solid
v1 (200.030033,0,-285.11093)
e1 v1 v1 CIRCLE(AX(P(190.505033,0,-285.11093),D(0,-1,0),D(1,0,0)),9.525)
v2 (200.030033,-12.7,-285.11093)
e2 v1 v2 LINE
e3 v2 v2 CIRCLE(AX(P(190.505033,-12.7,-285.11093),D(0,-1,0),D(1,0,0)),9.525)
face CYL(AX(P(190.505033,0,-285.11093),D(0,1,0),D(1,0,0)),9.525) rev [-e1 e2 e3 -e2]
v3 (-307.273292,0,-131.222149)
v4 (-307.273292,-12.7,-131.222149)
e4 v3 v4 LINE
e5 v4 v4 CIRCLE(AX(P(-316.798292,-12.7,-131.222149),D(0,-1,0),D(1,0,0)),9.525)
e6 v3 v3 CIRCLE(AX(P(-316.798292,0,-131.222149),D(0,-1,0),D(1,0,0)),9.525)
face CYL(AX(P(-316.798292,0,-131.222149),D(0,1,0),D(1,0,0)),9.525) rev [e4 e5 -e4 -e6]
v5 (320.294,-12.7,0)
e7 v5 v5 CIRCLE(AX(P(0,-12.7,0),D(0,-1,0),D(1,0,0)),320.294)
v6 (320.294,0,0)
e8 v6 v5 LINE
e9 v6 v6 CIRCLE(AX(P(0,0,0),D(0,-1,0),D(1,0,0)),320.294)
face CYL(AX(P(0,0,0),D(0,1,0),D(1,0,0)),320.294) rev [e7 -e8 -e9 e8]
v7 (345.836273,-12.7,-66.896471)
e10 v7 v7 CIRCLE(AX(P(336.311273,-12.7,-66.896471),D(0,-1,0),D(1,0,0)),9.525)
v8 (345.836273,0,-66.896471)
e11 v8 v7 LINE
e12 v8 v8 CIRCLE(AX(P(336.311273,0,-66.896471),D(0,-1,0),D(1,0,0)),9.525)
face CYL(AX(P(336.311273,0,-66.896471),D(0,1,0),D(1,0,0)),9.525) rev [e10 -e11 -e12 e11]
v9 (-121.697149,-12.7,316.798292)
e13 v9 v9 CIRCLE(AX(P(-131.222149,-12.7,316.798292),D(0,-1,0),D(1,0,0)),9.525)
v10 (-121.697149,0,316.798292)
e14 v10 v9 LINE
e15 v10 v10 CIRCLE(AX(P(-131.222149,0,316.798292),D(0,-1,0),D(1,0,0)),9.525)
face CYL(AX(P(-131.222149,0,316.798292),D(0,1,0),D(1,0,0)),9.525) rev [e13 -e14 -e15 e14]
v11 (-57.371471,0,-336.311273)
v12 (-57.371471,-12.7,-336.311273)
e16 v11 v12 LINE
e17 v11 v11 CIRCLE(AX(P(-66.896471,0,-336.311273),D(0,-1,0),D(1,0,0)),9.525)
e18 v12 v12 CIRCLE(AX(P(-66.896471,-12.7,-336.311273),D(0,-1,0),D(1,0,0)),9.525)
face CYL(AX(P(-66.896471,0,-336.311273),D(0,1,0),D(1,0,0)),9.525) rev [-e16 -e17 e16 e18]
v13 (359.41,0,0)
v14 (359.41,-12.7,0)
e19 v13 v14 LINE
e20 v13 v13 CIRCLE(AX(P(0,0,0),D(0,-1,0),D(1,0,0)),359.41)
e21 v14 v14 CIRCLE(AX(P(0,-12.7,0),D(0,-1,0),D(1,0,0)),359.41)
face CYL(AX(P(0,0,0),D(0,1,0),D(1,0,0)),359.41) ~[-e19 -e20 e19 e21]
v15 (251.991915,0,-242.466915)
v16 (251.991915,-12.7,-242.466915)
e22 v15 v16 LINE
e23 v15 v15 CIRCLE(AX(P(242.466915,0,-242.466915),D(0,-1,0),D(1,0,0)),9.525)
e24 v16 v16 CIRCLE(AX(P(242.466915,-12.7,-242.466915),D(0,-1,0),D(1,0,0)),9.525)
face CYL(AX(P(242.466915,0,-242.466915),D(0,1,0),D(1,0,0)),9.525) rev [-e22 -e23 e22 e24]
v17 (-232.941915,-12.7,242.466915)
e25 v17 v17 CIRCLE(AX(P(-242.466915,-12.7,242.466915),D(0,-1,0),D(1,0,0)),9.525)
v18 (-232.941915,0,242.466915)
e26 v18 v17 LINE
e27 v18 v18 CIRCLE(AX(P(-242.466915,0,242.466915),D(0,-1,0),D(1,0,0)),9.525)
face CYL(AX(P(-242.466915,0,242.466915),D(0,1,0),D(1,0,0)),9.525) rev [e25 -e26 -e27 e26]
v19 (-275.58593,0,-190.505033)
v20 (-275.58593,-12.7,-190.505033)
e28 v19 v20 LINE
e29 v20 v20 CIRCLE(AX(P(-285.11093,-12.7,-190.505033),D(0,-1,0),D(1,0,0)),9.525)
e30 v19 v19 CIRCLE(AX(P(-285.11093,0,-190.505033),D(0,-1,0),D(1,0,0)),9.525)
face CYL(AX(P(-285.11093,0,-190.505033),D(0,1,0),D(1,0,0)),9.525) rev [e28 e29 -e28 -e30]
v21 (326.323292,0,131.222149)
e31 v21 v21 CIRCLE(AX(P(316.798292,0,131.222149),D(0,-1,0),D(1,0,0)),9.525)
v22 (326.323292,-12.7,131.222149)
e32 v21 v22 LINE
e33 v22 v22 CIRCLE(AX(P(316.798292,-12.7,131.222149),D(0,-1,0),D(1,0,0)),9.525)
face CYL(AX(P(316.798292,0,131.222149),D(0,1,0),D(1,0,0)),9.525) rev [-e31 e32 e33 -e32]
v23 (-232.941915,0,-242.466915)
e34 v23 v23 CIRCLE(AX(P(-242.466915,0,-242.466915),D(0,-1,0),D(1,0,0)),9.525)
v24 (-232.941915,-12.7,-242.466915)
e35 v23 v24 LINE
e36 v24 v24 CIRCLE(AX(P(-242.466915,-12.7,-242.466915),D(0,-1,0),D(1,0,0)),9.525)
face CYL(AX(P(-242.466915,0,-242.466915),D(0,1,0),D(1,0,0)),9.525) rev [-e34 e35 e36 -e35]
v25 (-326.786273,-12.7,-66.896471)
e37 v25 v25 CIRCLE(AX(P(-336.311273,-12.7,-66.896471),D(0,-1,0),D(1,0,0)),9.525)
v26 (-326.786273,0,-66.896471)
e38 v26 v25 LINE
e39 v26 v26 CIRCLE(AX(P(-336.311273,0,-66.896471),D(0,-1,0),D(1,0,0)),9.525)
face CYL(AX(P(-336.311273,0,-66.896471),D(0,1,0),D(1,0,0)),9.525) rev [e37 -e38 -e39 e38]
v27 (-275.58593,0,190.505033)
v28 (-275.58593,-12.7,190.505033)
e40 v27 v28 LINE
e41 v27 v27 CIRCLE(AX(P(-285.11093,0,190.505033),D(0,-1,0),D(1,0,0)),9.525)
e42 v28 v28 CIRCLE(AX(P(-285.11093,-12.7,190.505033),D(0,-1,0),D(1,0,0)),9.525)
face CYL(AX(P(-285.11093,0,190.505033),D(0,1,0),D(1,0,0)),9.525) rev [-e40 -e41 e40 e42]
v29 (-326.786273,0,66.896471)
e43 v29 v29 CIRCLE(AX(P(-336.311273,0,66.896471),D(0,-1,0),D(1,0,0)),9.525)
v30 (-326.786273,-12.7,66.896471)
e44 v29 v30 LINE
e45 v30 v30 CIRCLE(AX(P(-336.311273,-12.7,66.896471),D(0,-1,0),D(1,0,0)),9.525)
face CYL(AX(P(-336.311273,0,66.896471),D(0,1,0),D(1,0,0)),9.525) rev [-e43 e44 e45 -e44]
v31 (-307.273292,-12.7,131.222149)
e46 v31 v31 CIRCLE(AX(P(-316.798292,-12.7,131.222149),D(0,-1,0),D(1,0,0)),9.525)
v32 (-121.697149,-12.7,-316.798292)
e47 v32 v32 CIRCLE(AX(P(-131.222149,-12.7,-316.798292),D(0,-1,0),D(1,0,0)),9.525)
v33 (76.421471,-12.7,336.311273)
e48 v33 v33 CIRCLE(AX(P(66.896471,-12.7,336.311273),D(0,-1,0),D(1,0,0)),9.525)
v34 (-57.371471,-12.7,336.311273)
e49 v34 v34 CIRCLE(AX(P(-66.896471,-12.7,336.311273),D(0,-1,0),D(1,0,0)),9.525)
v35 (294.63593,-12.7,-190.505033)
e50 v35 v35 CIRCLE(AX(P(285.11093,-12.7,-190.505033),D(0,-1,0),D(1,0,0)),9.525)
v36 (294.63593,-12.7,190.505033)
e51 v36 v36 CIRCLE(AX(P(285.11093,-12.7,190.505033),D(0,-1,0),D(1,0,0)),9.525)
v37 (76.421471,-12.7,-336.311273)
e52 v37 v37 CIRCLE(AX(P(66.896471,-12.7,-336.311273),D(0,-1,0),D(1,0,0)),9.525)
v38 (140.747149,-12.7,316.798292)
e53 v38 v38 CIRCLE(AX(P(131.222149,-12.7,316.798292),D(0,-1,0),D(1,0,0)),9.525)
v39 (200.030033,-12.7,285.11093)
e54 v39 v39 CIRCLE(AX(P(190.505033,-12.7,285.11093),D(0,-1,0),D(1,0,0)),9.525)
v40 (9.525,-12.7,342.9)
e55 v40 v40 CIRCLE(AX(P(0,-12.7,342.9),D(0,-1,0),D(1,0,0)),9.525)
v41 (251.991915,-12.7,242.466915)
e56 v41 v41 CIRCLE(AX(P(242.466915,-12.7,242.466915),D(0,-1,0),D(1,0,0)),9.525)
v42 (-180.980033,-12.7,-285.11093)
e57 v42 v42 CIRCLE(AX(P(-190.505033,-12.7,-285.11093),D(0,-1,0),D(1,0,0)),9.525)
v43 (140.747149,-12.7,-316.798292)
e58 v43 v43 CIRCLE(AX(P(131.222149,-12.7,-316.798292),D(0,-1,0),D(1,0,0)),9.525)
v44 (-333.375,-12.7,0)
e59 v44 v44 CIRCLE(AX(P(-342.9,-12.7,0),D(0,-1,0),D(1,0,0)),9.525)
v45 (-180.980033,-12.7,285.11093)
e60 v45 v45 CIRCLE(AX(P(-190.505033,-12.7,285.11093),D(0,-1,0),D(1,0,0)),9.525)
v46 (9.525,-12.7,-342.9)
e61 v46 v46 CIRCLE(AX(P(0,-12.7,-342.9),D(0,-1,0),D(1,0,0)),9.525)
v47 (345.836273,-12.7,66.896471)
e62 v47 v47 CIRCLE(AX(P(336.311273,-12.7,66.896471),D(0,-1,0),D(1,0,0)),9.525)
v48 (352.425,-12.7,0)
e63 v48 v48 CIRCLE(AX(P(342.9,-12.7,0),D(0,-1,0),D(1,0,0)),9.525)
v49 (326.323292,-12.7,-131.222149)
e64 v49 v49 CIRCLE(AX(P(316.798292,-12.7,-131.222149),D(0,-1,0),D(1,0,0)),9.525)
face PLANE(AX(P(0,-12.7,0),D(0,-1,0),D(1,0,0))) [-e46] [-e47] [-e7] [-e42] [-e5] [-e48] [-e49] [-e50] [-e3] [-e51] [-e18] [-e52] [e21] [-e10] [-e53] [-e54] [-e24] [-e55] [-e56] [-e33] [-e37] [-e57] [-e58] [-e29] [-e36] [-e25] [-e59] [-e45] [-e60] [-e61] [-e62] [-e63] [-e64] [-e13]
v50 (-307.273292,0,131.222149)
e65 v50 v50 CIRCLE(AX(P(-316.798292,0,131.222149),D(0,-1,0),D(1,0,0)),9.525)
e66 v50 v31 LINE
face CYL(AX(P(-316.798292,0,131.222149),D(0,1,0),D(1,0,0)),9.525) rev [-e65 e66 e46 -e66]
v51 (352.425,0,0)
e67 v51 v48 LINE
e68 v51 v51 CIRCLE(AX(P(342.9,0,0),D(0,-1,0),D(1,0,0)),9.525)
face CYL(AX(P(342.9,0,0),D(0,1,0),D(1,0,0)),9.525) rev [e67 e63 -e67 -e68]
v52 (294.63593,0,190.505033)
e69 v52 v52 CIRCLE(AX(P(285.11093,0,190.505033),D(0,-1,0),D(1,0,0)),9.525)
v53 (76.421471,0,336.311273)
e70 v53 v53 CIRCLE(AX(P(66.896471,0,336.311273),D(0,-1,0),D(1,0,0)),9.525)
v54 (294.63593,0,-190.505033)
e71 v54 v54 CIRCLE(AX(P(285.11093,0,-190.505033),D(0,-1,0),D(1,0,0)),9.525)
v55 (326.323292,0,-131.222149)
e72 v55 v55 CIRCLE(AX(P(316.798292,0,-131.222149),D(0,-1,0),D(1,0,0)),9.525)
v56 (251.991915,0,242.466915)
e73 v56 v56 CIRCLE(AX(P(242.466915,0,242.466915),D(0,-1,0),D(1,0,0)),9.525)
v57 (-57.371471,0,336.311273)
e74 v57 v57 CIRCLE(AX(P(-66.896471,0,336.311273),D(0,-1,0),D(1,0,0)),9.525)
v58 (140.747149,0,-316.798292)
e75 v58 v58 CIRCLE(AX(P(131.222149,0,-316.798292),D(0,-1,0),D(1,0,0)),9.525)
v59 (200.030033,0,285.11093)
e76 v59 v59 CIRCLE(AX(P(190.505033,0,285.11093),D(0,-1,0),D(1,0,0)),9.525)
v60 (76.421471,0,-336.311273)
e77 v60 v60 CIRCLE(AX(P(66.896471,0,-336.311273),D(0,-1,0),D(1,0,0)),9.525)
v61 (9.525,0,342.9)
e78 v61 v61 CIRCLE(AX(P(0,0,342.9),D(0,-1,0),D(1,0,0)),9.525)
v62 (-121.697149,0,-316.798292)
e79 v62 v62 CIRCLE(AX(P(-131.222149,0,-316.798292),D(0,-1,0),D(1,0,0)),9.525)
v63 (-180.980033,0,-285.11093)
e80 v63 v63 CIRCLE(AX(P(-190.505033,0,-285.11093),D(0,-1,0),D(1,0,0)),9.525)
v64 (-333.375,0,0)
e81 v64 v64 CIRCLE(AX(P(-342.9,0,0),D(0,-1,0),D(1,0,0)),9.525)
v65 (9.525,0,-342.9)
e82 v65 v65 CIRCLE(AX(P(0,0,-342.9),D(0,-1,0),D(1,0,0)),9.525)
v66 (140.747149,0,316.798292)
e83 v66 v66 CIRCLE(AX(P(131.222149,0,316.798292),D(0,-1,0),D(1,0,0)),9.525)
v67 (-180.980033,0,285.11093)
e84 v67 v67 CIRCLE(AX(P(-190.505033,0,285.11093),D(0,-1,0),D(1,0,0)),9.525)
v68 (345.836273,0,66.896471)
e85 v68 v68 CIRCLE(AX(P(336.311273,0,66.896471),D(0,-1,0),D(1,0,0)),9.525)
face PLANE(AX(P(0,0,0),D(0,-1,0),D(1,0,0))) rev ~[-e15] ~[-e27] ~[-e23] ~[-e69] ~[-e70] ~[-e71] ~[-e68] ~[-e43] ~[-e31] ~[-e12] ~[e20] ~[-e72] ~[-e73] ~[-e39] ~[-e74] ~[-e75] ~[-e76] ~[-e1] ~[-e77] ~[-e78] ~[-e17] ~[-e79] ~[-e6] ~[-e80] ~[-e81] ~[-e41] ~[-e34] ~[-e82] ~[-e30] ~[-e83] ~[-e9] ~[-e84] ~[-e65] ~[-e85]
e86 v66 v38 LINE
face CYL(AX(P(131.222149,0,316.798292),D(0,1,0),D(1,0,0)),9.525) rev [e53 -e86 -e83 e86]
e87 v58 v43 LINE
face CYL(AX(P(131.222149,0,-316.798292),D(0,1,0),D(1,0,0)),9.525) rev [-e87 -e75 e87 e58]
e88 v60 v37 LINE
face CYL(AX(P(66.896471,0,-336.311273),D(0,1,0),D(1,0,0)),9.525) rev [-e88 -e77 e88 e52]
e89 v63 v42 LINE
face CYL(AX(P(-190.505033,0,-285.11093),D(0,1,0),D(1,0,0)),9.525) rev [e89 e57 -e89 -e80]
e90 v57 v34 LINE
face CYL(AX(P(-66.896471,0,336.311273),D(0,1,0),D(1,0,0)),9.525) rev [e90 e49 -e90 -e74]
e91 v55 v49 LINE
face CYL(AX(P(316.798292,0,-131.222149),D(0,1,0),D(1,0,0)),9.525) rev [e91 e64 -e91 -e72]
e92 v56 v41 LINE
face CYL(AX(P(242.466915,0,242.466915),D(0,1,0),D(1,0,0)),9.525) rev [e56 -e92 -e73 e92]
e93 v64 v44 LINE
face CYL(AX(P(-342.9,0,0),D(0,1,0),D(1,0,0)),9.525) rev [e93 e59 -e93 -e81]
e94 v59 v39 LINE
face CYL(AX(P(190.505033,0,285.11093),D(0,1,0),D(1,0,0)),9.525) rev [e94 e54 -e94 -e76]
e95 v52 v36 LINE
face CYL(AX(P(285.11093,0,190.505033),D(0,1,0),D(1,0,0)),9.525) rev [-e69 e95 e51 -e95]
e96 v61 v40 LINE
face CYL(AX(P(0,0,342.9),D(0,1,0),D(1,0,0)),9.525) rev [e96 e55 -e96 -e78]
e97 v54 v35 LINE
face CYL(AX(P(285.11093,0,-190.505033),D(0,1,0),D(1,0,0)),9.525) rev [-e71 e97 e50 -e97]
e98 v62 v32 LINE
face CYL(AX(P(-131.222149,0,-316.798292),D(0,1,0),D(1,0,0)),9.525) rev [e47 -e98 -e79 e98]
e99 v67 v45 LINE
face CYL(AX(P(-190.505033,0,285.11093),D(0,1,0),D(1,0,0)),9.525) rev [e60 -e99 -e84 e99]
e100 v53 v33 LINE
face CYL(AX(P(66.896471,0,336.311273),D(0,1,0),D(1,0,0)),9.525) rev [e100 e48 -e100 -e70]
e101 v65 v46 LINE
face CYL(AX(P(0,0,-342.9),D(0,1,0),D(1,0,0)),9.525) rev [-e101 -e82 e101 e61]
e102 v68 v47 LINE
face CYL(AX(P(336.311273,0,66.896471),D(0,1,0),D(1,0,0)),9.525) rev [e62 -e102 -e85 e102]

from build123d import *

# Parameters (mm, degrees)
F0_R     = 359.41
F0_R_2   = 9.525
F0_R_3   = 320.294
F1_DEPTH = 12.7


with BuildPart() as f1:
    # F0 (on Front) → F1 (new body)
    with BuildSketch(Plane.XZ):
        Circle(F0_R)
        with Locations((-190.505033, -285.11093)):
            Circle(F0_R_2, mode=Mode.SUBTRACT)
        with Locations((-285.11093, -190.505033)):
            Circle(F0_R_2, mode=Mode.SUBTRACT)
        with Locations((-242.466915, -242.466915)):
            Circle(F0_R_2, mode=Mode.SUBTRACT)
        with Locations((-131.222149, -316.798292)):
            Circle(F0_R_2, mode=Mode.SUBTRACT)
        with Locations((-66.896471, -336.311273)):
            Circle(F0_R_2, mode=Mode.SUBTRACT)
        with Locations((-316.798292, -131.222149)):
            Circle(F0_R_2, mode=Mode.SUBTRACT)
        with Locations((-336.311273, -66.896471)):
            Circle(F0_R_2, mode=Mode.SUBTRACT)
        with Locations((0, -342.9)):
            Circle(F0_R_2, mode=Mode.SUBTRACT)
        with Locations((66.896471, -336.311273)):
            Circle(F0_R_2, mode=Mode.SUBTRACT)
        with Locations((131.222149, -316.798292)):
            Circle(F0_R_2, mode=Mode.SUBTRACT)
        with Locations((190.505033, -285.11093)):
            Circle(F0_R_2, mode=Mode.SUBTRACT)
        with Locations((242.466915, -242.466915)):
            Circle(F0_R_2, mode=Mode.SUBTRACT)
        with Locations((285.11093, -190.505033)):
            Circle(F0_R_2, mode=Mode.SUBTRACT)
        with Locations((316.798292, -131.222149)):
            Circle(F0_R_2, mode=Mode.SUBTRACT)
        with Locations((336.311273, -66.896471)):
            Circle(F0_R_2, mode=Mode.SUBTRACT)
        with Locations((-342.9, 0)):
            Circle(F0_R_2, mode=Mode.SUBTRACT)
        with Locations((-336.311273, 66.896471)):
            Circle(F0_R_2, mode=Mode.SUBTRACT)
        with Locations((-316.798292, 131.222149)):
            Circle(F0_R_2, mode=Mode.SUBTRACT)
        with Locations((-285.11093, 190.505033)):
            Circle(F0_R_2, mode=Mode.SUBTRACT)
        with Locations((-242.466915, 242.466915)):
            Circle(F0_R_2, mode=Mode.SUBTRACT)
        with Locations((-190.505033, 285.11093)):
            Circle(F0_R_2, mode=Mode.SUBTRACT)
        with Locations((-131.222149, 316.798292)):
            Circle(F0_R_2, mode=Mode.SUBTRACT)
        with Locations((-66.896471, 336.311273)):
            Circle(F0_R_2, mode=Mode.SUBTRACT)
        Circle(F0_R_3, mode=Mode.SUBTRACT)
        with Locations((342.9, 0)):
            Circle(F0_R_2, mode=Mode.SUBTRACT)
        with Locations((336.311273, 66.896471)):
            Circle(F0_R_2, mode=Mode.SUBTRACT)
        with Locations((316.798292, 131.222149)):
            Circle(F0_R_2, mode=Mode.SUBTRACT)
        with Locations((0, 342.9)):
            Circle(F0_R_2, mode=Mode.SUBTRACT)
        with Locations((66.896471, 336.311273)):
            Circle(F0_R_2, mode=Mode.SUBTRACT)
        with Locations((131.222149, 316.798292)):
            Circle(F0_R_2, mode=Mode.SUBTRACT)
        with Locations((242.466915, 242.466915)):
            Circle(F0_R_2, mode=Mode.SUBTRACT)
        with Locations((285.11093, 190.505033)):
            Circle(F0_R_2, mode=Mode.SUBTRACT)
        with Locations((190.505033, 285.11093)):
            Circle(F0_R_2, mode=Mode.SUBTRACT)
    extrude(amount=F1_DEPTH)


solid = f1.part
